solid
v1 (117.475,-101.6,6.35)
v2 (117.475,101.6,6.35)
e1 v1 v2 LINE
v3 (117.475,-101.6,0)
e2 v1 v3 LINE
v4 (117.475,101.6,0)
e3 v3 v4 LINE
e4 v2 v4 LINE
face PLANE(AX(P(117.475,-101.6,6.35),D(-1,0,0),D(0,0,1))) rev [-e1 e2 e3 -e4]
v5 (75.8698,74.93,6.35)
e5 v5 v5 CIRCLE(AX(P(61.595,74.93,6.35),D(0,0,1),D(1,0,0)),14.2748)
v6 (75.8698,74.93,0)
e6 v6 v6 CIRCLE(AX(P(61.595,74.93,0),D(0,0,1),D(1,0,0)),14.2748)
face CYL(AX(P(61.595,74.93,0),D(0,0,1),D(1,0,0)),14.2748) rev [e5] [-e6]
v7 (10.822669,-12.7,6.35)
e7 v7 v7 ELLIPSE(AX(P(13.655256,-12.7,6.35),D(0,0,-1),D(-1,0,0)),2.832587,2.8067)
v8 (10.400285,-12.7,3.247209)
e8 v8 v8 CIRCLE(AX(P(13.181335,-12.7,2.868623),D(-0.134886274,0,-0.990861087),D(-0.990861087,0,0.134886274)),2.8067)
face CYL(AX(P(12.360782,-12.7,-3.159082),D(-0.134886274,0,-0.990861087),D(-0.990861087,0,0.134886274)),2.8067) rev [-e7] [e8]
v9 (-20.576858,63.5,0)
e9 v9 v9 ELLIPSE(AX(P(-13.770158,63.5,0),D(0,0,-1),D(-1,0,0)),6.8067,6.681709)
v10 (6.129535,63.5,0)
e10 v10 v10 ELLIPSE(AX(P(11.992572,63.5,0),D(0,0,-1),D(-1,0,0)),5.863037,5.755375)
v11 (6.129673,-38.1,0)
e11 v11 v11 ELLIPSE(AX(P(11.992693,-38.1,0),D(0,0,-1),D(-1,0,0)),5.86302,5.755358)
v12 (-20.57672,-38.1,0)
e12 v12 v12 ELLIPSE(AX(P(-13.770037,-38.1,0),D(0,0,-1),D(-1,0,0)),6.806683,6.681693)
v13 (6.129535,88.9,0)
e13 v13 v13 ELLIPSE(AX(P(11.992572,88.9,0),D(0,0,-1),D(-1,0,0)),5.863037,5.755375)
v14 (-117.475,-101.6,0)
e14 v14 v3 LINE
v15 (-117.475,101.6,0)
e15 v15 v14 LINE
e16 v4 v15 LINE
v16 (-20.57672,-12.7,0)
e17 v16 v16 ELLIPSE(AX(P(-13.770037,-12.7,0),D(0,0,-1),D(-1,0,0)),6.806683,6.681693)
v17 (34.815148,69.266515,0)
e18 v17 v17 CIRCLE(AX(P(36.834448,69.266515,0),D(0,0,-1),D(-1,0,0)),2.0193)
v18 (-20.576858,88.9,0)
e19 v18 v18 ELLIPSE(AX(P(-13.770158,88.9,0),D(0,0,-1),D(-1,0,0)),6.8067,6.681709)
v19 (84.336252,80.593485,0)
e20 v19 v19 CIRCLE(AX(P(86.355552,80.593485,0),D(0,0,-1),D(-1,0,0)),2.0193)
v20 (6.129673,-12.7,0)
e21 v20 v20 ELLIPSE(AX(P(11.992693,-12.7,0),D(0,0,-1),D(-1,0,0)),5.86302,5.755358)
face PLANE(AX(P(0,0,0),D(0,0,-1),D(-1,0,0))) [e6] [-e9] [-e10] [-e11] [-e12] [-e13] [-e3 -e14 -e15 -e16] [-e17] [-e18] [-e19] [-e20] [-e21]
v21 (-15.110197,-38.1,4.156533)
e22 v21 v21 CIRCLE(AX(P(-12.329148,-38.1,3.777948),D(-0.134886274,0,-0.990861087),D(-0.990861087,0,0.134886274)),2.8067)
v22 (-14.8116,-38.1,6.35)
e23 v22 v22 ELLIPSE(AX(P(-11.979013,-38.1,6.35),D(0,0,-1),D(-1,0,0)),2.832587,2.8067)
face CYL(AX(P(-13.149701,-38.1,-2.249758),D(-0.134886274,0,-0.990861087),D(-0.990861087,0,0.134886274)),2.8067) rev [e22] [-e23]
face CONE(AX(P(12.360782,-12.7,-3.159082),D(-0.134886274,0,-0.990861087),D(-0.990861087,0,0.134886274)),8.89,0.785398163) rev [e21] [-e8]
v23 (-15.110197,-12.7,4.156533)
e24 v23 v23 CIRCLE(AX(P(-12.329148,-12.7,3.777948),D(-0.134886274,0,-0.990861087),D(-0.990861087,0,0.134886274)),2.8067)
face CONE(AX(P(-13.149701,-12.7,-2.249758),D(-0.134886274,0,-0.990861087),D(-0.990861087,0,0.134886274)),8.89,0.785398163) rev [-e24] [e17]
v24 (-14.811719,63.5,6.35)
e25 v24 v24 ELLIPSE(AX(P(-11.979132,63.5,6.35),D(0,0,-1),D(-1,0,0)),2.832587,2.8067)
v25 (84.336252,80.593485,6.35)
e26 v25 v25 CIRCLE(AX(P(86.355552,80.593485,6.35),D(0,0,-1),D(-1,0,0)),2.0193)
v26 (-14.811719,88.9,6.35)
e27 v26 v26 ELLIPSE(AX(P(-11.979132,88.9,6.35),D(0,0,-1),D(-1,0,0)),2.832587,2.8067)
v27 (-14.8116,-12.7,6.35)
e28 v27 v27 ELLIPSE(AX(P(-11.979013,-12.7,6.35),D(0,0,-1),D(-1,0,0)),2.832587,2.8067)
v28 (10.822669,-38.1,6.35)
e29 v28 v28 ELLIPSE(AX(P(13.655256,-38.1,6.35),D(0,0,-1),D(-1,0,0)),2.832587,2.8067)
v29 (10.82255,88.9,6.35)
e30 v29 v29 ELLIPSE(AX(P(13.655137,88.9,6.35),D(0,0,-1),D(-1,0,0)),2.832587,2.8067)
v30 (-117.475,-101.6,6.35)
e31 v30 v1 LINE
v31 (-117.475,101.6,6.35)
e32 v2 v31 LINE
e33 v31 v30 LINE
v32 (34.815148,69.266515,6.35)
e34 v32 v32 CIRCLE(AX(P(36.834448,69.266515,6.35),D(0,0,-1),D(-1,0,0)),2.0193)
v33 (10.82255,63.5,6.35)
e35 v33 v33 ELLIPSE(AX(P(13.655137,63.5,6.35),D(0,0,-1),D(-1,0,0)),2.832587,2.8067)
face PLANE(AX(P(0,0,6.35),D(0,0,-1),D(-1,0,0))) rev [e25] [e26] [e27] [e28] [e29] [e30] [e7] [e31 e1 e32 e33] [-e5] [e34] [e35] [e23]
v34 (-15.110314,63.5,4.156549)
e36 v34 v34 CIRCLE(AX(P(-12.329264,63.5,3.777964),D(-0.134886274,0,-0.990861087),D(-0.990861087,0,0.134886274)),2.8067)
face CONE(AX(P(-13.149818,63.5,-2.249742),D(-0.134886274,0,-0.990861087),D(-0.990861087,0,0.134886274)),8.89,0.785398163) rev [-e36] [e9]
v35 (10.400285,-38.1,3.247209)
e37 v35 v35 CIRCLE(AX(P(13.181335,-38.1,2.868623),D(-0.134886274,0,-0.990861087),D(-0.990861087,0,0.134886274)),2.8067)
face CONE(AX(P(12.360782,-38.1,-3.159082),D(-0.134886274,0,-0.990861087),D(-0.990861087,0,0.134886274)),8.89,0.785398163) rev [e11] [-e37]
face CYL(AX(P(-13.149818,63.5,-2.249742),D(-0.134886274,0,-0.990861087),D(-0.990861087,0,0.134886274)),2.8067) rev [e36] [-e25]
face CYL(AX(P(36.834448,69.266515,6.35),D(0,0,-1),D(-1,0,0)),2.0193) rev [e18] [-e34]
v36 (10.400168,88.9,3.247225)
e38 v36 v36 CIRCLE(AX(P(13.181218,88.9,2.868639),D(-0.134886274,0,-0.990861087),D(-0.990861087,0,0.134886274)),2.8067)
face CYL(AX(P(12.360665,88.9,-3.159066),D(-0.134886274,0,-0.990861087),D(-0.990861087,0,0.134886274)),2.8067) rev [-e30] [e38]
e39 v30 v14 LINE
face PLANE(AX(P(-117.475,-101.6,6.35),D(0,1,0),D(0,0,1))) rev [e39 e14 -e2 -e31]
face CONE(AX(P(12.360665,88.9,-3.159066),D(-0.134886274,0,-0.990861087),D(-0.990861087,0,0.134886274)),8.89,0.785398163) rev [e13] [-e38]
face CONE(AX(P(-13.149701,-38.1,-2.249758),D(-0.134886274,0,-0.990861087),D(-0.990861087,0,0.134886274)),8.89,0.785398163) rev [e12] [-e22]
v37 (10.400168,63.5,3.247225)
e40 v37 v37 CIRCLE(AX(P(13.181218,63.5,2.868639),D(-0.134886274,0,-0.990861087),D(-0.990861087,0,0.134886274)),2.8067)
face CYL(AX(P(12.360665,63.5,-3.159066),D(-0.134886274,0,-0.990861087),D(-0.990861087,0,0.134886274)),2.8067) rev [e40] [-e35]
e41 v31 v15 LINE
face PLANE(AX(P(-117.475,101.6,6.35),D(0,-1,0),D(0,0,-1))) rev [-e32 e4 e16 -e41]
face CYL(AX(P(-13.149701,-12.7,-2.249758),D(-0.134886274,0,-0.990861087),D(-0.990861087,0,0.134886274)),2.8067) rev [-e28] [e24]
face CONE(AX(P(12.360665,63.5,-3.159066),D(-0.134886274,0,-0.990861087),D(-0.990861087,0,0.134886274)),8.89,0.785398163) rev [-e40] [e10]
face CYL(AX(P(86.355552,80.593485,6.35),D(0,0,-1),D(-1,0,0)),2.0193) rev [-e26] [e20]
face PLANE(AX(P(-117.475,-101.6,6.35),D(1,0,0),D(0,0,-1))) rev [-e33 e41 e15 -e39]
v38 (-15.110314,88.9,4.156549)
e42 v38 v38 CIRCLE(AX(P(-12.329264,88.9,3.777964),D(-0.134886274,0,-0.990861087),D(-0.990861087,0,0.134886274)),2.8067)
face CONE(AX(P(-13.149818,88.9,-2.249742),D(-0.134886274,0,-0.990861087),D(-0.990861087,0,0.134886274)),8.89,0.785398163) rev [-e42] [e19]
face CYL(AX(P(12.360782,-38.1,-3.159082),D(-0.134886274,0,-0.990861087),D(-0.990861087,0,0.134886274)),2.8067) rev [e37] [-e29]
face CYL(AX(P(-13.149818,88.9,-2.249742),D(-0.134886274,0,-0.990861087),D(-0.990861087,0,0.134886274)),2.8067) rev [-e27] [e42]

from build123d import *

# Parameters (mm, degrees)
SKETCH1_W                                          = 234.95
SKETCH1_H                                          = 203.2
BOSS_EXTRUDE1_DEPTH                                = 6.35
SKETCH2_R                                          = 14.2748
CUT_EXTRUDE1_DEPTH                                 = 7.35
CSK_FOR_10_FLAT_HEAD_MACHINE_SCREW_100_D           = 5.6134
CSK_FOR_10_FLAT_HEAD_MACHINE_SCREW_100_CSINK_D     = 17.78
CSK_FOR_10_FLAT_HEAD_MACHINE_SCREW_100_CSINK_ANGLE = 90
CSK_FOR_10_FLAT_HEAD_MACHINE_SCREW_2_D             = 5.6134
CSK_FOR_10_FLAT_HEAD_MACHINE_SCREW_2_CSINK_D       = 17.78
CSK_FOR_10_FLAT_HEAD_MACHINE_SCREW_2_CSINK_ANGLE   = 90
CUT_EXTRUDE2_DEPTH                                 = 7.35


with BuildPart() as part:
    # Sketch1 → Boss-Extrude1 (new body)
    with BuildSketch(Plane.XY):
        Rectangle(SKETCH1_W, SKETCH1_H)
    extrude(amount=BOSS_EXTRUDE1_DEPTH)

    # Sketch2 → Cut-Extrude1 (cut, through all)
    with BuildSketch(Plane.XY.offset(6.35)):
        with Locations((61.595, 74.93)):
            Circle(SKETCH2_R)
    extrude(amount=-CUT_EXTRUDE1_DEPTH, mode=Mode.SUBTRACT)

    # CSK for _10 Flat Head Machine Screw _100 (through all)
    with Locations(Plane(origin=(292.076985897, -265.595089466, -43.80037576), x_dir=(0.990861087, 0, -0.134886274), z_dir=(-0.134886274, 0, -0.990861087))):
        with Locations((-308.041854919, -227.495089466), (-308.041854919, -252.895089466), (-308.041972913, -329.095089466), (-308.041972913, -354.495089466)):
            CounterSinkHole(CSK_FOR_10_FLAT_HEAD_MACHINE_SCREW_100_D / 2, CSK_FOR_10_FLAT_HEAD_MACHINE_SCREW_100_CSINK_D / 2, counter_sink_angle=CSK_FOR_10_FLAT_HEAD_MACHINE_SCREW_100_CSINK_ANGLE)

    # CSK for _10 Flat Head Machine Screw  2 (through all)
    with Locations(Plane(origin=(292.419597033, -265.595089466, -41.283588599), x_dir=(0.990861087, 0, -0.134886274), z_dir=(-0.134886274, 0, -0.990861087))):
        with Locations((-282.641854919, -227.495089466), (-282.641854919, -252.895089466), (-282.641972913, -329.095089466), (-282.641972913, -354.495089466)):
            CounterSinkHole(CSK_FOR_10_FLAT_HEAD_MACHINE_SCREW_2_D / 2, CSK_FOR_10_FLAT_HEAD_MACHINE_SCREW_2_CSINK_D / 2, counter_sink_angle=CSK_FOR_10_FLAT_HEAD_MACHINE_SCREW_2_CSINK_ANGLE)

    # Sketch10 → Cut-Extrude2 (cut, through all)
    with BuildSketch(Plane(origin=(0, 0, 0), x_dir=(-1, 0, 0), z_dir=(0, 0, -1))):
        with BuildLine():
            ThreePointArc((-85.905304985, 82.561948902), (-88.324015931, 81.043732073), (-86.805799102, 78.625021127))
            ThreePointArc((-86.805799102, 78.625021127), (-84.387088156, 80.143237956), (-85.905304985, 82.561948902))
        make_face()
        with BuildLine():
            ThreePointArc((-36.384200898, 71.234978873), (-38.802911844, 69.716762044), (-37.284695016, 67.298051098))
            ThreePointArc((-37.284695016, 67.298051098), (-34.86598407, 68.816267927), (-36.384200898, 71.234978873))
        make_face()
    extrude(amount=-CUT_EXTRUDE2_DEPTH, mode=Mode.SUBTRACT)


solid = part.part
